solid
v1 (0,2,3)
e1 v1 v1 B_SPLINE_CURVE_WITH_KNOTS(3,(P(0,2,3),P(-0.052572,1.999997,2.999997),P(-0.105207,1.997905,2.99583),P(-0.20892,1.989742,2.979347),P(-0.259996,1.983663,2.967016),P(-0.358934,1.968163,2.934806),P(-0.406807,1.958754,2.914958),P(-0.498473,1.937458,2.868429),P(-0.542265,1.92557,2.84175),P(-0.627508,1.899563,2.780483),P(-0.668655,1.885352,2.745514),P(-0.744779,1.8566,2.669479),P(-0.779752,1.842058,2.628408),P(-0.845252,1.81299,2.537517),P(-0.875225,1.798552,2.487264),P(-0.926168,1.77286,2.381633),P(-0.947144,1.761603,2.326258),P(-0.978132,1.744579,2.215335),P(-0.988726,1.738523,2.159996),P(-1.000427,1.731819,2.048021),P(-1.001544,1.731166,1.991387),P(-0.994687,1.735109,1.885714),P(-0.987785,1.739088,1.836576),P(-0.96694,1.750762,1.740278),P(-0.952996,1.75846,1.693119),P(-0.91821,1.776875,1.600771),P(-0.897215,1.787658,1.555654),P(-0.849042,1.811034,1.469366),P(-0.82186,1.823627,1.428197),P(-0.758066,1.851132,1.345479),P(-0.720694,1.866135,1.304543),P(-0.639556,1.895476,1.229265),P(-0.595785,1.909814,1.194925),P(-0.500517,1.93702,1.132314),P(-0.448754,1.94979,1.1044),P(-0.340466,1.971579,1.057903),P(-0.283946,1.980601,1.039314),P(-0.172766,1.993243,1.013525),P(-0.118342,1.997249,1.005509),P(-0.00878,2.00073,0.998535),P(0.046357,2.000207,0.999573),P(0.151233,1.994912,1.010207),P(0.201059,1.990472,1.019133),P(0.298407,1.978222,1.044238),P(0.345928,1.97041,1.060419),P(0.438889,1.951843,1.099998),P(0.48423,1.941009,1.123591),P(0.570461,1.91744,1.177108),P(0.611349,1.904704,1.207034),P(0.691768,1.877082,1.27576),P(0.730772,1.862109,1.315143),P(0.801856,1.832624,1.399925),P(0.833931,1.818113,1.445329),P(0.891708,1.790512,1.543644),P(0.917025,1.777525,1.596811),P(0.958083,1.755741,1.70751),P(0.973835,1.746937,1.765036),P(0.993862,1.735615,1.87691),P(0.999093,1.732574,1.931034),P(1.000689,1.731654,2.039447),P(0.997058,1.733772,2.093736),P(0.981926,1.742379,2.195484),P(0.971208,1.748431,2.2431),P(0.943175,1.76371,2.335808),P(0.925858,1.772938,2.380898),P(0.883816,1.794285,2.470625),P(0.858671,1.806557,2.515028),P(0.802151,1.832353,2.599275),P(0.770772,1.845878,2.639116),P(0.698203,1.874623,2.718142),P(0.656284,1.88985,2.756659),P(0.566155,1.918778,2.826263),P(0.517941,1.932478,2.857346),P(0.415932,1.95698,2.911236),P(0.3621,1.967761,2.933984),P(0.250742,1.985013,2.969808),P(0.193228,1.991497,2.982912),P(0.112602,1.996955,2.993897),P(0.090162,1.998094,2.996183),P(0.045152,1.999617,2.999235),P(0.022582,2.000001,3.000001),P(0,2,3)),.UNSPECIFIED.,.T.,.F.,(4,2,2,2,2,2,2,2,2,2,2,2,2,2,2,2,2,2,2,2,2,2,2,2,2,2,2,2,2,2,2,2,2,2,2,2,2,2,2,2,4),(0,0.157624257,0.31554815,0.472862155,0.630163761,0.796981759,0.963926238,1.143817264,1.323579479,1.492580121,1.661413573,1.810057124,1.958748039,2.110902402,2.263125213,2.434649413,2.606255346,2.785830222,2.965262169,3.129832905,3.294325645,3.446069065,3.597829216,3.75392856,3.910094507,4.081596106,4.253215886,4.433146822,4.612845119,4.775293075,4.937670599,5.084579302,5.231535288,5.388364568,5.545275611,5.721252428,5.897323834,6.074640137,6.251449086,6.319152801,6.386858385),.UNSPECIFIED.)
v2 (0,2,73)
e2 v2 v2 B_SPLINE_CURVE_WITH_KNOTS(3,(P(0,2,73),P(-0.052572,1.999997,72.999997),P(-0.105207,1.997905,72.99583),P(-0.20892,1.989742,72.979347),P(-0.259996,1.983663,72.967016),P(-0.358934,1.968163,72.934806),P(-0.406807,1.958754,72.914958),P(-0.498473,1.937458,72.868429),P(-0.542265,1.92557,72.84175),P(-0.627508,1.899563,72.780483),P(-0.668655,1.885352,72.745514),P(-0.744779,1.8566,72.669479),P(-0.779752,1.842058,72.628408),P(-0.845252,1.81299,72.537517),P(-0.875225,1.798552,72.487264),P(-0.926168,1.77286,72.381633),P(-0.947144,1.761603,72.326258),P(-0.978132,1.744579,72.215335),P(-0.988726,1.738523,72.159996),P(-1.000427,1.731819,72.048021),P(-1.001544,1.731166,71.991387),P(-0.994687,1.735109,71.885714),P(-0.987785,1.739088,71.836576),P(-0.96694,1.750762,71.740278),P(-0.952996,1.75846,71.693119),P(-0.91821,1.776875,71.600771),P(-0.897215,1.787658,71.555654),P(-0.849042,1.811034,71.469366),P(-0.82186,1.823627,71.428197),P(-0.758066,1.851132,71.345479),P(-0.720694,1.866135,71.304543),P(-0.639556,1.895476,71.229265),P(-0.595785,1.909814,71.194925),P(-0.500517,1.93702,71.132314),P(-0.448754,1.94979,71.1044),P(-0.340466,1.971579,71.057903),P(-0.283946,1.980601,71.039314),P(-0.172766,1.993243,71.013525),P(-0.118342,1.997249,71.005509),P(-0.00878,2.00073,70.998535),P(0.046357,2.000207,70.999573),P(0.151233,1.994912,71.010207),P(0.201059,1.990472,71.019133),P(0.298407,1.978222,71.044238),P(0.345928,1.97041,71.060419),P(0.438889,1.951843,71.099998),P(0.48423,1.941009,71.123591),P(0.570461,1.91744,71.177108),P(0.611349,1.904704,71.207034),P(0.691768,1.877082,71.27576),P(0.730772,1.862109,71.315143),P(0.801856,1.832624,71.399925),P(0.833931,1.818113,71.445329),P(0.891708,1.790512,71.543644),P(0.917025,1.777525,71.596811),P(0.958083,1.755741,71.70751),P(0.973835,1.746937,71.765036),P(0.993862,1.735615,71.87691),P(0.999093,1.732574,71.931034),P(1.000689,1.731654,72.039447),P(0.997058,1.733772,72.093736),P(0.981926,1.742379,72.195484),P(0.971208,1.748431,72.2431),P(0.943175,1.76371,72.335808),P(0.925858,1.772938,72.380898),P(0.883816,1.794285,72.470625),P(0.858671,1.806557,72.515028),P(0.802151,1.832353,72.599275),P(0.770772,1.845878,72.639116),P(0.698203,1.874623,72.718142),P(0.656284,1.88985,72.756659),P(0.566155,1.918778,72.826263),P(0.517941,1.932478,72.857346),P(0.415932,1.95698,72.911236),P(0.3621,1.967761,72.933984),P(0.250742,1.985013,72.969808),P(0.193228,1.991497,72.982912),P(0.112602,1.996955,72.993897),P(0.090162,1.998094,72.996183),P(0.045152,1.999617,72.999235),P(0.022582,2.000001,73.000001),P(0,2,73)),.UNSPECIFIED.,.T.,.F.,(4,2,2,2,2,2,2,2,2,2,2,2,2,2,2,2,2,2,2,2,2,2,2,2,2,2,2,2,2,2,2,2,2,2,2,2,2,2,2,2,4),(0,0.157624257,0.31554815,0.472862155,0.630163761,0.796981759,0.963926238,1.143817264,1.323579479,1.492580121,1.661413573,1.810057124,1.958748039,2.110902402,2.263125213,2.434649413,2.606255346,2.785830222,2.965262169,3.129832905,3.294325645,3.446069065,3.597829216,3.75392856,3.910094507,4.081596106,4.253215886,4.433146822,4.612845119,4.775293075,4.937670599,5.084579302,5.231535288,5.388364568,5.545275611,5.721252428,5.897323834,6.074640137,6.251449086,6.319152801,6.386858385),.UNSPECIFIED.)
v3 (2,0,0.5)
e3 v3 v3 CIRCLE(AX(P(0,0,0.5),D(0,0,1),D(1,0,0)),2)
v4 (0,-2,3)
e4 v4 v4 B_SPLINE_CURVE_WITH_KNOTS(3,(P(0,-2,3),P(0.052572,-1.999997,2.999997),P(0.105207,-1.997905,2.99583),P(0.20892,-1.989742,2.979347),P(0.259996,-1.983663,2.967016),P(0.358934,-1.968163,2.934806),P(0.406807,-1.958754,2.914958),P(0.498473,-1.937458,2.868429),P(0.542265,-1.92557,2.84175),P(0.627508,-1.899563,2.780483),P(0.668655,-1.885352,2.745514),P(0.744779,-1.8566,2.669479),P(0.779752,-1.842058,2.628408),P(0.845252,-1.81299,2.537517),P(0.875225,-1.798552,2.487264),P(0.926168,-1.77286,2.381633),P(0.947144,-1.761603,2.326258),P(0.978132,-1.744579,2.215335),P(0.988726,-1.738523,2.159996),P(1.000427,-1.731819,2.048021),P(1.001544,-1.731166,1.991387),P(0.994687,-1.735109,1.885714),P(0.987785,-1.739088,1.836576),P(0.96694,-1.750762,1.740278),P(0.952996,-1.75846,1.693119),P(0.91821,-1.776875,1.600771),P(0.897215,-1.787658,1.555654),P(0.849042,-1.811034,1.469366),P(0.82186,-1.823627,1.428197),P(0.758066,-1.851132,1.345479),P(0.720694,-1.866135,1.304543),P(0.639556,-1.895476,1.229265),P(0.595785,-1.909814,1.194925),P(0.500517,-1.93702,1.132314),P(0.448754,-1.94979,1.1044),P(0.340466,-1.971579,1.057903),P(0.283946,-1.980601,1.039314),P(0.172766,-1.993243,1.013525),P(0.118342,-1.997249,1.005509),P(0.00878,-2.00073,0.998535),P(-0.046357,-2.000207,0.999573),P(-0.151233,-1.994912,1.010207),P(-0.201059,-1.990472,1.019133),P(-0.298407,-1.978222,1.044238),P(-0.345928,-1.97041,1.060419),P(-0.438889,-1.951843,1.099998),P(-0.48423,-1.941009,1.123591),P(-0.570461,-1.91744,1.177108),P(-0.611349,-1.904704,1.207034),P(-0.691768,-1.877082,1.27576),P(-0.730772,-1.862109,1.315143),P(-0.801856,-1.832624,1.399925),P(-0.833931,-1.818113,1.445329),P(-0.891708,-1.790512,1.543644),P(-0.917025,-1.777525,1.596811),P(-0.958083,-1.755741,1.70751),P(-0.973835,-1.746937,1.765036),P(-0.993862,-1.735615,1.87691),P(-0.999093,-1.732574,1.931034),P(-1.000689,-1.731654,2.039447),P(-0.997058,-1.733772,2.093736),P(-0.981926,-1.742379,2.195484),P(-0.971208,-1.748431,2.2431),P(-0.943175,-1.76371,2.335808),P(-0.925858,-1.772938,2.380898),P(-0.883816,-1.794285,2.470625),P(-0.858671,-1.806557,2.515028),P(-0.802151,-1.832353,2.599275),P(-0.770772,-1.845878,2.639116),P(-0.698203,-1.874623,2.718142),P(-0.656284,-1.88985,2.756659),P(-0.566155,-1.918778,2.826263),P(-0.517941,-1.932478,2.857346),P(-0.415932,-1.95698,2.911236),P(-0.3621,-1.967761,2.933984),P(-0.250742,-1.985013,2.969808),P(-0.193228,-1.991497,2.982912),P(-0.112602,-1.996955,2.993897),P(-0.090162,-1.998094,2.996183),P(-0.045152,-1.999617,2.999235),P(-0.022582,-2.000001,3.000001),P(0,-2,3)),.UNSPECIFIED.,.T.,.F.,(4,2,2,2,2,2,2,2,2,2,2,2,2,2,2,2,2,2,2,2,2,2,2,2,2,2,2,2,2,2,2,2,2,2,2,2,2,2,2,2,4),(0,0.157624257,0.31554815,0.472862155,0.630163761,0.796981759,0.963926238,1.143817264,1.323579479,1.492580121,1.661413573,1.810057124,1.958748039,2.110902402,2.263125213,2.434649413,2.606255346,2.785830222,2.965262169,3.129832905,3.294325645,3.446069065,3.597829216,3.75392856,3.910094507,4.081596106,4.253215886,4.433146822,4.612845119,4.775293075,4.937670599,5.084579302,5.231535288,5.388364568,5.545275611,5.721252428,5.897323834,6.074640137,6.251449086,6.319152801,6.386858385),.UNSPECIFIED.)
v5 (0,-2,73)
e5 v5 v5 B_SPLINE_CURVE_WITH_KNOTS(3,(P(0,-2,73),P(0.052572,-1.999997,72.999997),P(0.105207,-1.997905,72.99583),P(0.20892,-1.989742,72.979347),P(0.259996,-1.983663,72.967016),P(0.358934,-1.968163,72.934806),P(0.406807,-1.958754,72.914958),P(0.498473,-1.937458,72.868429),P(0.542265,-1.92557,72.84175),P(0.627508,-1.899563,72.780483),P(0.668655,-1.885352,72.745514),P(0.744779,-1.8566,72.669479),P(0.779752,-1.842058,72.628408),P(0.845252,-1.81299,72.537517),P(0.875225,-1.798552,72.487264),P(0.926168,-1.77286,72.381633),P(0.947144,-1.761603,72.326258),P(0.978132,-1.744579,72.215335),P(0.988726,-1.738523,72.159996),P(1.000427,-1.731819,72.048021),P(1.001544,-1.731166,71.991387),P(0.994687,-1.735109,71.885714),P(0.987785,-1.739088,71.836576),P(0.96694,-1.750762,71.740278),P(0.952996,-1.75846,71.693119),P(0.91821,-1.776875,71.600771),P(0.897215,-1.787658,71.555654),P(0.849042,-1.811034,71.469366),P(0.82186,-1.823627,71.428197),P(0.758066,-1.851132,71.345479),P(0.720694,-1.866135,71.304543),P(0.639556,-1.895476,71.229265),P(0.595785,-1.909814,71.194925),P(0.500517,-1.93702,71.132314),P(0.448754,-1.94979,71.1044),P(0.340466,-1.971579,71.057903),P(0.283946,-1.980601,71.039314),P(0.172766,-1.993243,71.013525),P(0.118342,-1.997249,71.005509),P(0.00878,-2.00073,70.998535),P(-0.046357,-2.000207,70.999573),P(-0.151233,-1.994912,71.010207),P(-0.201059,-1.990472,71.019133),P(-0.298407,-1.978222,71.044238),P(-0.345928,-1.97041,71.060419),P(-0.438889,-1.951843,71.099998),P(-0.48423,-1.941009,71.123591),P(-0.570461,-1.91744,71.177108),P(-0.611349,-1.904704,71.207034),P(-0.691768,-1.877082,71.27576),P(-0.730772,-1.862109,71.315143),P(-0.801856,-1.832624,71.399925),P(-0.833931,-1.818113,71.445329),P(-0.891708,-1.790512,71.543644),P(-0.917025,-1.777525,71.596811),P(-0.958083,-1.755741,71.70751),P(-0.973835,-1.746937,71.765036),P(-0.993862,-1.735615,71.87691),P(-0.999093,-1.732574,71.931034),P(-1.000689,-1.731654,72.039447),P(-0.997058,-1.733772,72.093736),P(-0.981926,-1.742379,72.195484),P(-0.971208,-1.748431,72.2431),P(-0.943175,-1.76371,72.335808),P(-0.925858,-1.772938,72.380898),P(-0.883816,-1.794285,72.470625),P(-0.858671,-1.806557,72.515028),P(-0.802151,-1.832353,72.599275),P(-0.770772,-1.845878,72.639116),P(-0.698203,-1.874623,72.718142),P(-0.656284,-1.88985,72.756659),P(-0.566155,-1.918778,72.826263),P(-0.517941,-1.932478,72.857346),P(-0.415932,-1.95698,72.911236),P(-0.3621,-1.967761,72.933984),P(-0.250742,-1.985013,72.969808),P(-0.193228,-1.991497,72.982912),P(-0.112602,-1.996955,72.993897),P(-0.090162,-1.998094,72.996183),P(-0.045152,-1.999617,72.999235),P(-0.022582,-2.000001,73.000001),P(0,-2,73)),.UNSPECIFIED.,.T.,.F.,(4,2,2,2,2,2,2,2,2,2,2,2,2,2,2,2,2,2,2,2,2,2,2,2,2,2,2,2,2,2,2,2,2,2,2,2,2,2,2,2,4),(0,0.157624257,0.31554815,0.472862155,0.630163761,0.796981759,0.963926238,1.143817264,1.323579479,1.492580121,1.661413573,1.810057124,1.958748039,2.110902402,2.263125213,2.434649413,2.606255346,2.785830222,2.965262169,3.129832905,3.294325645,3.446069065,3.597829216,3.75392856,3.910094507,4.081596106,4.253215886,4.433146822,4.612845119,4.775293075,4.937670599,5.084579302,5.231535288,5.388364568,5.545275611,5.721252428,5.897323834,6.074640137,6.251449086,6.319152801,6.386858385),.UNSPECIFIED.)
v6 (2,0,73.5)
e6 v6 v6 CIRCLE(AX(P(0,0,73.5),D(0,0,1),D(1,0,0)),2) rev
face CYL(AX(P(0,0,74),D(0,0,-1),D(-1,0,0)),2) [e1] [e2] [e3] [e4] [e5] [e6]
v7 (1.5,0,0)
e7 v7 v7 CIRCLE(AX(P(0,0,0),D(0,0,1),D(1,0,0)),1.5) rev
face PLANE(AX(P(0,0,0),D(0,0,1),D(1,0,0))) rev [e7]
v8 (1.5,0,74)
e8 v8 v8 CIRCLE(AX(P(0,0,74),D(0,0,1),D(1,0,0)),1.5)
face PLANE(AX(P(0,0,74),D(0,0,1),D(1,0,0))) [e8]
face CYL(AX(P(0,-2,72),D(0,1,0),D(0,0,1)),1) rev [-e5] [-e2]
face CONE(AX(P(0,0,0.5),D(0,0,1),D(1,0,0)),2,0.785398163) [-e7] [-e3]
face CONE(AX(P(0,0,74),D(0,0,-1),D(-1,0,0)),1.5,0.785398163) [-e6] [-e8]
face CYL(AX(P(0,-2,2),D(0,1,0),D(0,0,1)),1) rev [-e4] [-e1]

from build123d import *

# Parameters (mm, degrees)
SKETCH_1_R               = 2
EXTRUDE_1_DEPTH          = 74
CHAMFER_1_SIZE           = 0.5
CUT_EXTRUDE_1_DEPTH      = 75.054034326
CUT_EXTRUDE_1_DEPTH_BACK = 75.054034326
SKETCH_2_R               = 1


with BuildPart() as part:
    # 草圖1 → 填料-伸長1 (new body)
    with BuildSketch(Plane.XY):
        Circle(SKETCH_1_R)
    extrude(amount=EXTRUDE_1_DEPTH)

    # 導角1
    chamfer_1_edges = [part.edges().sort_by_distance(p)[0] for p in [
        (-2, 0, 0),
        (-2, 0, 74),
    ]]
    chamfer(chamfer_1_edges, length=CHAMFER_1_SIZE)

    # 草圖2 → 除料-伸長1 (cut, two sides: drawn at the far end of the back side and taken through both)
    with BuildSketch(Plane(origin=(0, 0, 0), x_dir=(1, 0, 0), z_dir=(0, 1, 0)).offset(-CUT_EXTRUDE_1_DEPTH_BACK)):
        with Locations(Location((0, -2, 0), (0, 0, 270))):
            Circle(SKETCH_2_R)
        with Locations(Location((0, -72, 0), (0, 0, 270))):
            Circle(SKETCH_2_R)
    extrude(amount=CUT_EXTRUDE_1_DEPTH + CUT_EXTRUDE_1_DEPTH_BACK, mode=Mode.SUBTRACT)


solid = part.part
